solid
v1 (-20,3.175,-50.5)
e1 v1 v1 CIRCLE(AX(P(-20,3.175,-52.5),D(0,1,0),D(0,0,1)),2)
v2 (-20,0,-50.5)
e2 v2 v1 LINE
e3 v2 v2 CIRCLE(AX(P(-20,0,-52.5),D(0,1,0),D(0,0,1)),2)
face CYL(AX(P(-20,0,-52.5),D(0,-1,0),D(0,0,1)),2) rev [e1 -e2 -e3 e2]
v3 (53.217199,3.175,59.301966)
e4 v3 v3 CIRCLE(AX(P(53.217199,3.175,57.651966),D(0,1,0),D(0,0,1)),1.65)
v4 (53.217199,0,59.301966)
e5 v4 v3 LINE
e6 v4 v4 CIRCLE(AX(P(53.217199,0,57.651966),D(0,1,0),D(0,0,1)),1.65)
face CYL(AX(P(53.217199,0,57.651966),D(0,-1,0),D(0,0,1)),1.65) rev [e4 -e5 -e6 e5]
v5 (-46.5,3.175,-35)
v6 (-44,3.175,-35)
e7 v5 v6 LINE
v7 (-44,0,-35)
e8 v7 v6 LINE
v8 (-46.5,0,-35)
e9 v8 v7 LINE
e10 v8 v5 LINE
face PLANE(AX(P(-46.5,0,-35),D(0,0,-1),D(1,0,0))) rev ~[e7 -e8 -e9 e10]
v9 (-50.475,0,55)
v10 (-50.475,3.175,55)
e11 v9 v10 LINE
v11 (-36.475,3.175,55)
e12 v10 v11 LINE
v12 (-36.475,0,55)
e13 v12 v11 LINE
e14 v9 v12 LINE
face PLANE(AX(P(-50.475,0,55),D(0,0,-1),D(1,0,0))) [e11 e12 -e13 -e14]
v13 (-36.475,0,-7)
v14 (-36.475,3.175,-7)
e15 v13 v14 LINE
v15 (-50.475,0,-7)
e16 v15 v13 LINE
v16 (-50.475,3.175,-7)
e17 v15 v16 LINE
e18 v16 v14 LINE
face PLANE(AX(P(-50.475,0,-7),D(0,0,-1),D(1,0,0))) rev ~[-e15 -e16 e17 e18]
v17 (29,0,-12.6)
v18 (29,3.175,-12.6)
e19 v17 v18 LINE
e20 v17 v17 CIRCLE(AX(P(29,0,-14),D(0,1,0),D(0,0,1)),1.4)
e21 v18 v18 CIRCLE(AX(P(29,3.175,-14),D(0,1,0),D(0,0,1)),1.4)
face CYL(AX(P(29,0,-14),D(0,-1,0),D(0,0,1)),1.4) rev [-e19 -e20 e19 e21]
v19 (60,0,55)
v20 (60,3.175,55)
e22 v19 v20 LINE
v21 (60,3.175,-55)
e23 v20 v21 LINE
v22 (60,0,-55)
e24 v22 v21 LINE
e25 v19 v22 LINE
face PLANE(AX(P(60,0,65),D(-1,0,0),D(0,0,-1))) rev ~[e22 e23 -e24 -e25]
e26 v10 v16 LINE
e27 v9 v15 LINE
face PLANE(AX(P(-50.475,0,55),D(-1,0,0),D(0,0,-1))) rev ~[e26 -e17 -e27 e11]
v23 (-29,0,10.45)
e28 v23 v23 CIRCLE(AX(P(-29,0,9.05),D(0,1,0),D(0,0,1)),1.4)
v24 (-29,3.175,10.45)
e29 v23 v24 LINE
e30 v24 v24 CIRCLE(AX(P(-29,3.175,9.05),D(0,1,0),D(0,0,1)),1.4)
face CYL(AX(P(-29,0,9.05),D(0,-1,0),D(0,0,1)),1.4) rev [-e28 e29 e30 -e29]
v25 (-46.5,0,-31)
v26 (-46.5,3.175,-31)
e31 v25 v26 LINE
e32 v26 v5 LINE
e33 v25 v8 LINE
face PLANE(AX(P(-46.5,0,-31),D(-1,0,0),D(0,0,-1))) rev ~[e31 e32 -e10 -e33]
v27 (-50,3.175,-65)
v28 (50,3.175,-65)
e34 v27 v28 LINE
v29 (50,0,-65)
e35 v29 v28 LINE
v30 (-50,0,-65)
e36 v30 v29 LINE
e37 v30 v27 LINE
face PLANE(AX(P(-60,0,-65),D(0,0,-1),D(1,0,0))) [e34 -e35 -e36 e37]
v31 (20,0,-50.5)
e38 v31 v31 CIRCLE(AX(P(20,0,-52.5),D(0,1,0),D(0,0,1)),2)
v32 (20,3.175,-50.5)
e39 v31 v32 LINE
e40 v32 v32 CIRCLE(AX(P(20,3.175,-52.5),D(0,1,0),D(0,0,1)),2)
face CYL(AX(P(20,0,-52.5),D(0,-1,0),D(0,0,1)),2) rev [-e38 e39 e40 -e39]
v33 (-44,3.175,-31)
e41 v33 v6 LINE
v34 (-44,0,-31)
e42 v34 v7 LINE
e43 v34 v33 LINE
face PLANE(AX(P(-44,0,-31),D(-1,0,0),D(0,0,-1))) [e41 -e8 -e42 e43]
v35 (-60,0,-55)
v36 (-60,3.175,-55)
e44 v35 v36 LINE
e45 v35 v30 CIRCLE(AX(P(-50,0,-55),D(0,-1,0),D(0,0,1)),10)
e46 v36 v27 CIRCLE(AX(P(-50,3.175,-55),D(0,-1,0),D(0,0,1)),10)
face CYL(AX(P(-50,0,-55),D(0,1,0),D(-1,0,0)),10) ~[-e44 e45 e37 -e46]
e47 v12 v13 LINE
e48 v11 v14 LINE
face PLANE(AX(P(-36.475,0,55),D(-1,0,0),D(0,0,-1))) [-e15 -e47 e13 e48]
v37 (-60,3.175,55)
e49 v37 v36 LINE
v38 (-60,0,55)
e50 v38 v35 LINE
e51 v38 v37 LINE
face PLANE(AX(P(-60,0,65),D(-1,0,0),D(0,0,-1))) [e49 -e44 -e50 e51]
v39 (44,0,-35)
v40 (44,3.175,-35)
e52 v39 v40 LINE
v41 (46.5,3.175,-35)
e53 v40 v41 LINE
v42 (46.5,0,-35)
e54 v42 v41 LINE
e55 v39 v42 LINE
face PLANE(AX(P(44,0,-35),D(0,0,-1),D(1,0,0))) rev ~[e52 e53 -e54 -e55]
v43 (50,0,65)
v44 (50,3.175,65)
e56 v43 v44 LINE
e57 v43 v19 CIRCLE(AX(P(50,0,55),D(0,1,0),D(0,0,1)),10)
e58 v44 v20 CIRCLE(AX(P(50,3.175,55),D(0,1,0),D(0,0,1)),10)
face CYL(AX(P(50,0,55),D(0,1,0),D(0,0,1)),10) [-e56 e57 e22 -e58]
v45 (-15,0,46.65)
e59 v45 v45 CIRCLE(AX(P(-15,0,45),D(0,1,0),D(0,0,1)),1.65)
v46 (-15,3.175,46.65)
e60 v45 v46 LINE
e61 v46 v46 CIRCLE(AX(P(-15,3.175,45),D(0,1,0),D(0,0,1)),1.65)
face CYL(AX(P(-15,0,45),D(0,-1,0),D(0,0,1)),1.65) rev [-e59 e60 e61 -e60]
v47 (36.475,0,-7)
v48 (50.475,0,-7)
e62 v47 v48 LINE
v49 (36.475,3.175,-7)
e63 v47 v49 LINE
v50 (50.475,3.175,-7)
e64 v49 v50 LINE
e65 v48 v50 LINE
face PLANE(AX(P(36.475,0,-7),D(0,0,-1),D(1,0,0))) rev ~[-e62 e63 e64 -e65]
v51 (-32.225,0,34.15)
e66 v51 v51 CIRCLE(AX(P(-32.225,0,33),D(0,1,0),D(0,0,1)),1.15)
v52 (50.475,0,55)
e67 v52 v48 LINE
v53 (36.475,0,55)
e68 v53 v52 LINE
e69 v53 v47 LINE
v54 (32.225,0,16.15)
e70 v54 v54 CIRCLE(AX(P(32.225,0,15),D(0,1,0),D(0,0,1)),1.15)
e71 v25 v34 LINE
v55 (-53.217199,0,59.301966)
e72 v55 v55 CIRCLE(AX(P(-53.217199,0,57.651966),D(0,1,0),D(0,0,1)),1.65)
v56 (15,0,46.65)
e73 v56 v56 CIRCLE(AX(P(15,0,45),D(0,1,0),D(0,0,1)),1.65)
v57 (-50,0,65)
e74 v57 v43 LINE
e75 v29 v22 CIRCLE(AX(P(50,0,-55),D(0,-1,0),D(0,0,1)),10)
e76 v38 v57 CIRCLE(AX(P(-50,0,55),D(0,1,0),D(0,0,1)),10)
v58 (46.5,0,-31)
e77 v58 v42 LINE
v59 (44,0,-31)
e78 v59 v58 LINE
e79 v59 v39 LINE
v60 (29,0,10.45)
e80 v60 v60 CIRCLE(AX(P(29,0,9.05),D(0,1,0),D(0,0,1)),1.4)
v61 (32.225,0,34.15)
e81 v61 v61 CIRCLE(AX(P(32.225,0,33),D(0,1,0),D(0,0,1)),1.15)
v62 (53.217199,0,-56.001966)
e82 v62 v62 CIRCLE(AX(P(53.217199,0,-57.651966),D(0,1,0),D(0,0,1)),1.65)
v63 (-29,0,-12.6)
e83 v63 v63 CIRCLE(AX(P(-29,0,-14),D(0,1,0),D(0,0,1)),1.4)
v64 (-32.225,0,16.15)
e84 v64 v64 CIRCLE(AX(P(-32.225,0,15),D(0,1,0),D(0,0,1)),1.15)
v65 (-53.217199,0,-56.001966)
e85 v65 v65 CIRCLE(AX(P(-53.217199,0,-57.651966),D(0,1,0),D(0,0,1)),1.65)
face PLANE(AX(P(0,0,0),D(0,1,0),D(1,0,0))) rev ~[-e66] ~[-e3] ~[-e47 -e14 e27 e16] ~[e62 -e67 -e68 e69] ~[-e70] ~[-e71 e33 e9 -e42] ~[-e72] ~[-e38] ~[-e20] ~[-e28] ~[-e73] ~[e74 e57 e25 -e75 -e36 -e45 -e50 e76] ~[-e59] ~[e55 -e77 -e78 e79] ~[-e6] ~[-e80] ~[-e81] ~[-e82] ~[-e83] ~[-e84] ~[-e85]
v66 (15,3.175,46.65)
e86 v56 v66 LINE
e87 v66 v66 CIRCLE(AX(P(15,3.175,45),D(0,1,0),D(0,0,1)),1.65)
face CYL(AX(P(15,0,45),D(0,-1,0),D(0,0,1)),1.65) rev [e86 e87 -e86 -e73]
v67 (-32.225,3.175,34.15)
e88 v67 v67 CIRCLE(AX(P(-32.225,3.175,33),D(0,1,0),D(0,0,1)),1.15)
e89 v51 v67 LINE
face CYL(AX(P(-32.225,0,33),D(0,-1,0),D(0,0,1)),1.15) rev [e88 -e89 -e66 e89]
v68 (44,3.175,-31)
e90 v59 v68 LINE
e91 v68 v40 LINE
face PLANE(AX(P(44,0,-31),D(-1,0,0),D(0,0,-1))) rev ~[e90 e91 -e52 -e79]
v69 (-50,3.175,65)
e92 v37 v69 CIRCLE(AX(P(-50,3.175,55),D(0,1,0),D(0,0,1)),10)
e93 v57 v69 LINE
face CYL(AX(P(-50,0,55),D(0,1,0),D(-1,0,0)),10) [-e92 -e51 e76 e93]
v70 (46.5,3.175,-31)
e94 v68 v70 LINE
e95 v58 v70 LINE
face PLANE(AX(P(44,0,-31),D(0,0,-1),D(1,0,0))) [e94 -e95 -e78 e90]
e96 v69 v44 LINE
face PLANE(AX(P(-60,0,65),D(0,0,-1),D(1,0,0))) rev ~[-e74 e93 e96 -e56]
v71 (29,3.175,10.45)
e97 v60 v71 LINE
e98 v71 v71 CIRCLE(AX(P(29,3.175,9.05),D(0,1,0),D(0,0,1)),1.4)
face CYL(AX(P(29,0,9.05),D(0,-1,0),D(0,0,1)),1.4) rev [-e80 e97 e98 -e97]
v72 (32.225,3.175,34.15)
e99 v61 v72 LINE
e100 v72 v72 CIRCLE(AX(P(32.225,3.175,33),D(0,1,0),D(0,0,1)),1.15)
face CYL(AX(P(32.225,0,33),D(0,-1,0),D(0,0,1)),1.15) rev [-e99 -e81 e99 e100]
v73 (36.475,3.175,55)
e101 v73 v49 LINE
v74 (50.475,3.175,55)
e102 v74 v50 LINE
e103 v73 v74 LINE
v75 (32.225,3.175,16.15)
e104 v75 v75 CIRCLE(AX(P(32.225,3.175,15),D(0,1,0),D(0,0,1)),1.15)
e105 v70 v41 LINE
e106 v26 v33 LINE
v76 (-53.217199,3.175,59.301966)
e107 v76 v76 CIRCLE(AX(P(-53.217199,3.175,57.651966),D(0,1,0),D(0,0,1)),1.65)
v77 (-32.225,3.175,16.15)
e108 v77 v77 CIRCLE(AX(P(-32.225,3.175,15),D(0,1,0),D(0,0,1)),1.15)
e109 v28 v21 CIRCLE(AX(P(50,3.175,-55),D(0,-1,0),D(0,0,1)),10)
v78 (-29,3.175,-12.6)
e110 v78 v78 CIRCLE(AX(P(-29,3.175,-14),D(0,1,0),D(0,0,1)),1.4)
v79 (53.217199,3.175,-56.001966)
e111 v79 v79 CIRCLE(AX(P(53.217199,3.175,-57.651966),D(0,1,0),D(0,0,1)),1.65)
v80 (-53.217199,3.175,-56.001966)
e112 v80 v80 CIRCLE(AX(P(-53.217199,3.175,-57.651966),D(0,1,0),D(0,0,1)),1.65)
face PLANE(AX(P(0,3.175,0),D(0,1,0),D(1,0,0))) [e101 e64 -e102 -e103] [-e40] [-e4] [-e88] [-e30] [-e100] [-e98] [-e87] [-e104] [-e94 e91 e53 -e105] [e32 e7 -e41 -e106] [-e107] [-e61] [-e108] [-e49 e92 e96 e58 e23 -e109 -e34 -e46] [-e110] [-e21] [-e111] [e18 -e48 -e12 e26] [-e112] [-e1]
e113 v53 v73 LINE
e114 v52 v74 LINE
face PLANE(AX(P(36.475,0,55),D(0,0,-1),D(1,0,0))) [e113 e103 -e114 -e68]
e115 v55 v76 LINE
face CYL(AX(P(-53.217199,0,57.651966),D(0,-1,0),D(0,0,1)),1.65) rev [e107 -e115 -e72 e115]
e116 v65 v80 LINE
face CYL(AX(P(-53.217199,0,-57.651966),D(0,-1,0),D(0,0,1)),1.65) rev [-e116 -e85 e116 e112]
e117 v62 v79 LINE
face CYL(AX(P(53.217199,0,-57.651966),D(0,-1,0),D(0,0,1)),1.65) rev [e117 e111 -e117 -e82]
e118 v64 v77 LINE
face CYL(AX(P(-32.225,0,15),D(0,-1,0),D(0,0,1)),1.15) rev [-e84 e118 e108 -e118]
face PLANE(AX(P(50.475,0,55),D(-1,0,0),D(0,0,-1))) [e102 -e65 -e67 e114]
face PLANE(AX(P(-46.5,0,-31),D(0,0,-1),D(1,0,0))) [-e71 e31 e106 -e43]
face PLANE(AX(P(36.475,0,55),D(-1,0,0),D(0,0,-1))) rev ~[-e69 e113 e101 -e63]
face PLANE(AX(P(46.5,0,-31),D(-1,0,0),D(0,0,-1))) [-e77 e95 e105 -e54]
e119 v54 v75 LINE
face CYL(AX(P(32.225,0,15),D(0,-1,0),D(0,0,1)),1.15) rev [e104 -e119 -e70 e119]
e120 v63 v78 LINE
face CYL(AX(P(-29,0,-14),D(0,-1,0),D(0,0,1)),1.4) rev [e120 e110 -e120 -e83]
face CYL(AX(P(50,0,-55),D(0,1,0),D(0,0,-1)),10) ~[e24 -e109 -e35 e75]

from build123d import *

# Parameters (mm, degrees)
SKETCH1_W           = 120
SKETCH1_H           = 130
SKETCH1_R           = 1.4
SKETCH1_R_2         = 1.15
SKETCH1_R_3         = 2
SKETCH1_R_4         = 1.65
SKETCH1_W_2         = 14
SKETCH1_H_2         = 62
SKETCH1_W_3         = 2.5
SKETCH1_H_3         = 4
BOSS_EXTRUDE1_DEPTH = 3.175
FILLET1_R           = 10


with BuildPart() as part:
    # Sketch1 → Boss-Extrude1 (new body)
    with BuildSketch(Plane(origin=(0, 0, 0), x_dir=(1, 0, 0), z_dir=(0, 1, 0))):
        Rectangle(SKETCH1_W, SKETCH1_H)
        with Locations(Location((29, 14, 0), (0, 0, 270))):
            Circle(SKETCH1_R, mode=Mode.SUBTRACT)
        with Locations(Location((29, -9.05, 0), (0, 0, 270))):
            Circle(SKETCH1_R, mode=Mode.SUBTRACT)
        with Locations(Location((-29, -9.05, 0), (0, 0, 270))):
            Circle(SKETCH1_R, mode=Mode.SUBTRACT)
        with Locations(Location((-29, 14, 0), (0, 0, 270))):
            Circle(SKETCH1_R, mode=Mode.SUBTRACT)
        with Locations(Location((32.225, -15, 0), (0, 0, 270))):
            Circle(SKETCH1_R_2, mode=Mode.SUBTRACT)
        with Locations(Location((32.225, -33, 0), (0, 0, 270))):
            Circle(SKETCH1_R_2, mode=Mode.SUBTRACT)
        with Locations(Location((-32.225, -33, 0), (0, 0, 270))):
            Circle(SKETCH1_R_2, mode=Mode.SUBTRACT)
        with Locations(Location((-32.225, -15, 0), (0, 0, 270))):
            Circle(SKETCH1_R_2, mode=Mode.SUBTRACT)
        with Locations(Location((20, 52.5, 0), (0, 0, 270))):
            Circle(SKETCH1_R_3, mode=Mode.SUBTRACT)
        with Locations(Location((-20, 52.5, 0), (0, 0, 270))):
            Circle(SKETCH1_R_3, mode=Mode.SUBTRACT)
        with Locations(Location((53.217198973, -57.651965554, 0), (0, 0, 270))):
            Circle(SKETCH1_R_4, mode=Mode.SUBTRACT)
        with Locations(Location((53.217198973, 57.651965554, 0), (0, 0, 270))):
            Circle(SKETCH1_R_4, mode=Mode.SUBTRACT)
        with Locations(Location((-53.217198973, -57.651965554, 0), (0, 0, 270))):
            Circle(SKETCH1_R_4, mode=Mode.SUBTRACT)
        with Locations(Location((-53.217198973, 57.651965554, 0), (0, 0, 270))):
            Circle(SKETCH1_R_4, mode=Mode.SUBTRACT)
        with Locations(Location((-15, -45, 0), (0, 0, 270))):
            Circle(SKETCH1_R_4, mode=Mode.SUBTRACT)
        with Locations(Location((15, -45, 0), (0, 0, 270))):
            Circle(SKETCH1_R_4, mode=Mode.SUBTRACT)
        with Locations((-43.475, -24)):
            Rectangle(SKETCH1_W_2, SKETCH1_H_2, mode=Mode.SUBTRACT)
        with Locations((43.475, -24)):
            Rectangle(SKETCH1_W_2, SKETCH1_H_2, mode=Mode.SUBTRACT)
        with Locations((45.25, 33)):
            Rectangle(SKETCH1_W_3, SKETCH1_H_3, mode=Mode.SUBTRACT)
        with Locations((-45.25, 33)):
            Rectangle(SKETCH1_W_3, SKETCH1_H_3, mode=Mode.SUBTRACT)
    extrude(amount=BOSS_EXTRUDE1_DEPTH)

    # Fillet1
    fillet1_edges = [part.edges().sort_by_distance(p)[0] for p in [
        (60, 1.5875, 65),
        (-60, 1.5875, 65),
        (-60, 1.5875, -65),
        (60, 1.5875, -65),
    ]]
    fillet(fillet1_edges, radius=FILLET1_R)


solid = part.part
